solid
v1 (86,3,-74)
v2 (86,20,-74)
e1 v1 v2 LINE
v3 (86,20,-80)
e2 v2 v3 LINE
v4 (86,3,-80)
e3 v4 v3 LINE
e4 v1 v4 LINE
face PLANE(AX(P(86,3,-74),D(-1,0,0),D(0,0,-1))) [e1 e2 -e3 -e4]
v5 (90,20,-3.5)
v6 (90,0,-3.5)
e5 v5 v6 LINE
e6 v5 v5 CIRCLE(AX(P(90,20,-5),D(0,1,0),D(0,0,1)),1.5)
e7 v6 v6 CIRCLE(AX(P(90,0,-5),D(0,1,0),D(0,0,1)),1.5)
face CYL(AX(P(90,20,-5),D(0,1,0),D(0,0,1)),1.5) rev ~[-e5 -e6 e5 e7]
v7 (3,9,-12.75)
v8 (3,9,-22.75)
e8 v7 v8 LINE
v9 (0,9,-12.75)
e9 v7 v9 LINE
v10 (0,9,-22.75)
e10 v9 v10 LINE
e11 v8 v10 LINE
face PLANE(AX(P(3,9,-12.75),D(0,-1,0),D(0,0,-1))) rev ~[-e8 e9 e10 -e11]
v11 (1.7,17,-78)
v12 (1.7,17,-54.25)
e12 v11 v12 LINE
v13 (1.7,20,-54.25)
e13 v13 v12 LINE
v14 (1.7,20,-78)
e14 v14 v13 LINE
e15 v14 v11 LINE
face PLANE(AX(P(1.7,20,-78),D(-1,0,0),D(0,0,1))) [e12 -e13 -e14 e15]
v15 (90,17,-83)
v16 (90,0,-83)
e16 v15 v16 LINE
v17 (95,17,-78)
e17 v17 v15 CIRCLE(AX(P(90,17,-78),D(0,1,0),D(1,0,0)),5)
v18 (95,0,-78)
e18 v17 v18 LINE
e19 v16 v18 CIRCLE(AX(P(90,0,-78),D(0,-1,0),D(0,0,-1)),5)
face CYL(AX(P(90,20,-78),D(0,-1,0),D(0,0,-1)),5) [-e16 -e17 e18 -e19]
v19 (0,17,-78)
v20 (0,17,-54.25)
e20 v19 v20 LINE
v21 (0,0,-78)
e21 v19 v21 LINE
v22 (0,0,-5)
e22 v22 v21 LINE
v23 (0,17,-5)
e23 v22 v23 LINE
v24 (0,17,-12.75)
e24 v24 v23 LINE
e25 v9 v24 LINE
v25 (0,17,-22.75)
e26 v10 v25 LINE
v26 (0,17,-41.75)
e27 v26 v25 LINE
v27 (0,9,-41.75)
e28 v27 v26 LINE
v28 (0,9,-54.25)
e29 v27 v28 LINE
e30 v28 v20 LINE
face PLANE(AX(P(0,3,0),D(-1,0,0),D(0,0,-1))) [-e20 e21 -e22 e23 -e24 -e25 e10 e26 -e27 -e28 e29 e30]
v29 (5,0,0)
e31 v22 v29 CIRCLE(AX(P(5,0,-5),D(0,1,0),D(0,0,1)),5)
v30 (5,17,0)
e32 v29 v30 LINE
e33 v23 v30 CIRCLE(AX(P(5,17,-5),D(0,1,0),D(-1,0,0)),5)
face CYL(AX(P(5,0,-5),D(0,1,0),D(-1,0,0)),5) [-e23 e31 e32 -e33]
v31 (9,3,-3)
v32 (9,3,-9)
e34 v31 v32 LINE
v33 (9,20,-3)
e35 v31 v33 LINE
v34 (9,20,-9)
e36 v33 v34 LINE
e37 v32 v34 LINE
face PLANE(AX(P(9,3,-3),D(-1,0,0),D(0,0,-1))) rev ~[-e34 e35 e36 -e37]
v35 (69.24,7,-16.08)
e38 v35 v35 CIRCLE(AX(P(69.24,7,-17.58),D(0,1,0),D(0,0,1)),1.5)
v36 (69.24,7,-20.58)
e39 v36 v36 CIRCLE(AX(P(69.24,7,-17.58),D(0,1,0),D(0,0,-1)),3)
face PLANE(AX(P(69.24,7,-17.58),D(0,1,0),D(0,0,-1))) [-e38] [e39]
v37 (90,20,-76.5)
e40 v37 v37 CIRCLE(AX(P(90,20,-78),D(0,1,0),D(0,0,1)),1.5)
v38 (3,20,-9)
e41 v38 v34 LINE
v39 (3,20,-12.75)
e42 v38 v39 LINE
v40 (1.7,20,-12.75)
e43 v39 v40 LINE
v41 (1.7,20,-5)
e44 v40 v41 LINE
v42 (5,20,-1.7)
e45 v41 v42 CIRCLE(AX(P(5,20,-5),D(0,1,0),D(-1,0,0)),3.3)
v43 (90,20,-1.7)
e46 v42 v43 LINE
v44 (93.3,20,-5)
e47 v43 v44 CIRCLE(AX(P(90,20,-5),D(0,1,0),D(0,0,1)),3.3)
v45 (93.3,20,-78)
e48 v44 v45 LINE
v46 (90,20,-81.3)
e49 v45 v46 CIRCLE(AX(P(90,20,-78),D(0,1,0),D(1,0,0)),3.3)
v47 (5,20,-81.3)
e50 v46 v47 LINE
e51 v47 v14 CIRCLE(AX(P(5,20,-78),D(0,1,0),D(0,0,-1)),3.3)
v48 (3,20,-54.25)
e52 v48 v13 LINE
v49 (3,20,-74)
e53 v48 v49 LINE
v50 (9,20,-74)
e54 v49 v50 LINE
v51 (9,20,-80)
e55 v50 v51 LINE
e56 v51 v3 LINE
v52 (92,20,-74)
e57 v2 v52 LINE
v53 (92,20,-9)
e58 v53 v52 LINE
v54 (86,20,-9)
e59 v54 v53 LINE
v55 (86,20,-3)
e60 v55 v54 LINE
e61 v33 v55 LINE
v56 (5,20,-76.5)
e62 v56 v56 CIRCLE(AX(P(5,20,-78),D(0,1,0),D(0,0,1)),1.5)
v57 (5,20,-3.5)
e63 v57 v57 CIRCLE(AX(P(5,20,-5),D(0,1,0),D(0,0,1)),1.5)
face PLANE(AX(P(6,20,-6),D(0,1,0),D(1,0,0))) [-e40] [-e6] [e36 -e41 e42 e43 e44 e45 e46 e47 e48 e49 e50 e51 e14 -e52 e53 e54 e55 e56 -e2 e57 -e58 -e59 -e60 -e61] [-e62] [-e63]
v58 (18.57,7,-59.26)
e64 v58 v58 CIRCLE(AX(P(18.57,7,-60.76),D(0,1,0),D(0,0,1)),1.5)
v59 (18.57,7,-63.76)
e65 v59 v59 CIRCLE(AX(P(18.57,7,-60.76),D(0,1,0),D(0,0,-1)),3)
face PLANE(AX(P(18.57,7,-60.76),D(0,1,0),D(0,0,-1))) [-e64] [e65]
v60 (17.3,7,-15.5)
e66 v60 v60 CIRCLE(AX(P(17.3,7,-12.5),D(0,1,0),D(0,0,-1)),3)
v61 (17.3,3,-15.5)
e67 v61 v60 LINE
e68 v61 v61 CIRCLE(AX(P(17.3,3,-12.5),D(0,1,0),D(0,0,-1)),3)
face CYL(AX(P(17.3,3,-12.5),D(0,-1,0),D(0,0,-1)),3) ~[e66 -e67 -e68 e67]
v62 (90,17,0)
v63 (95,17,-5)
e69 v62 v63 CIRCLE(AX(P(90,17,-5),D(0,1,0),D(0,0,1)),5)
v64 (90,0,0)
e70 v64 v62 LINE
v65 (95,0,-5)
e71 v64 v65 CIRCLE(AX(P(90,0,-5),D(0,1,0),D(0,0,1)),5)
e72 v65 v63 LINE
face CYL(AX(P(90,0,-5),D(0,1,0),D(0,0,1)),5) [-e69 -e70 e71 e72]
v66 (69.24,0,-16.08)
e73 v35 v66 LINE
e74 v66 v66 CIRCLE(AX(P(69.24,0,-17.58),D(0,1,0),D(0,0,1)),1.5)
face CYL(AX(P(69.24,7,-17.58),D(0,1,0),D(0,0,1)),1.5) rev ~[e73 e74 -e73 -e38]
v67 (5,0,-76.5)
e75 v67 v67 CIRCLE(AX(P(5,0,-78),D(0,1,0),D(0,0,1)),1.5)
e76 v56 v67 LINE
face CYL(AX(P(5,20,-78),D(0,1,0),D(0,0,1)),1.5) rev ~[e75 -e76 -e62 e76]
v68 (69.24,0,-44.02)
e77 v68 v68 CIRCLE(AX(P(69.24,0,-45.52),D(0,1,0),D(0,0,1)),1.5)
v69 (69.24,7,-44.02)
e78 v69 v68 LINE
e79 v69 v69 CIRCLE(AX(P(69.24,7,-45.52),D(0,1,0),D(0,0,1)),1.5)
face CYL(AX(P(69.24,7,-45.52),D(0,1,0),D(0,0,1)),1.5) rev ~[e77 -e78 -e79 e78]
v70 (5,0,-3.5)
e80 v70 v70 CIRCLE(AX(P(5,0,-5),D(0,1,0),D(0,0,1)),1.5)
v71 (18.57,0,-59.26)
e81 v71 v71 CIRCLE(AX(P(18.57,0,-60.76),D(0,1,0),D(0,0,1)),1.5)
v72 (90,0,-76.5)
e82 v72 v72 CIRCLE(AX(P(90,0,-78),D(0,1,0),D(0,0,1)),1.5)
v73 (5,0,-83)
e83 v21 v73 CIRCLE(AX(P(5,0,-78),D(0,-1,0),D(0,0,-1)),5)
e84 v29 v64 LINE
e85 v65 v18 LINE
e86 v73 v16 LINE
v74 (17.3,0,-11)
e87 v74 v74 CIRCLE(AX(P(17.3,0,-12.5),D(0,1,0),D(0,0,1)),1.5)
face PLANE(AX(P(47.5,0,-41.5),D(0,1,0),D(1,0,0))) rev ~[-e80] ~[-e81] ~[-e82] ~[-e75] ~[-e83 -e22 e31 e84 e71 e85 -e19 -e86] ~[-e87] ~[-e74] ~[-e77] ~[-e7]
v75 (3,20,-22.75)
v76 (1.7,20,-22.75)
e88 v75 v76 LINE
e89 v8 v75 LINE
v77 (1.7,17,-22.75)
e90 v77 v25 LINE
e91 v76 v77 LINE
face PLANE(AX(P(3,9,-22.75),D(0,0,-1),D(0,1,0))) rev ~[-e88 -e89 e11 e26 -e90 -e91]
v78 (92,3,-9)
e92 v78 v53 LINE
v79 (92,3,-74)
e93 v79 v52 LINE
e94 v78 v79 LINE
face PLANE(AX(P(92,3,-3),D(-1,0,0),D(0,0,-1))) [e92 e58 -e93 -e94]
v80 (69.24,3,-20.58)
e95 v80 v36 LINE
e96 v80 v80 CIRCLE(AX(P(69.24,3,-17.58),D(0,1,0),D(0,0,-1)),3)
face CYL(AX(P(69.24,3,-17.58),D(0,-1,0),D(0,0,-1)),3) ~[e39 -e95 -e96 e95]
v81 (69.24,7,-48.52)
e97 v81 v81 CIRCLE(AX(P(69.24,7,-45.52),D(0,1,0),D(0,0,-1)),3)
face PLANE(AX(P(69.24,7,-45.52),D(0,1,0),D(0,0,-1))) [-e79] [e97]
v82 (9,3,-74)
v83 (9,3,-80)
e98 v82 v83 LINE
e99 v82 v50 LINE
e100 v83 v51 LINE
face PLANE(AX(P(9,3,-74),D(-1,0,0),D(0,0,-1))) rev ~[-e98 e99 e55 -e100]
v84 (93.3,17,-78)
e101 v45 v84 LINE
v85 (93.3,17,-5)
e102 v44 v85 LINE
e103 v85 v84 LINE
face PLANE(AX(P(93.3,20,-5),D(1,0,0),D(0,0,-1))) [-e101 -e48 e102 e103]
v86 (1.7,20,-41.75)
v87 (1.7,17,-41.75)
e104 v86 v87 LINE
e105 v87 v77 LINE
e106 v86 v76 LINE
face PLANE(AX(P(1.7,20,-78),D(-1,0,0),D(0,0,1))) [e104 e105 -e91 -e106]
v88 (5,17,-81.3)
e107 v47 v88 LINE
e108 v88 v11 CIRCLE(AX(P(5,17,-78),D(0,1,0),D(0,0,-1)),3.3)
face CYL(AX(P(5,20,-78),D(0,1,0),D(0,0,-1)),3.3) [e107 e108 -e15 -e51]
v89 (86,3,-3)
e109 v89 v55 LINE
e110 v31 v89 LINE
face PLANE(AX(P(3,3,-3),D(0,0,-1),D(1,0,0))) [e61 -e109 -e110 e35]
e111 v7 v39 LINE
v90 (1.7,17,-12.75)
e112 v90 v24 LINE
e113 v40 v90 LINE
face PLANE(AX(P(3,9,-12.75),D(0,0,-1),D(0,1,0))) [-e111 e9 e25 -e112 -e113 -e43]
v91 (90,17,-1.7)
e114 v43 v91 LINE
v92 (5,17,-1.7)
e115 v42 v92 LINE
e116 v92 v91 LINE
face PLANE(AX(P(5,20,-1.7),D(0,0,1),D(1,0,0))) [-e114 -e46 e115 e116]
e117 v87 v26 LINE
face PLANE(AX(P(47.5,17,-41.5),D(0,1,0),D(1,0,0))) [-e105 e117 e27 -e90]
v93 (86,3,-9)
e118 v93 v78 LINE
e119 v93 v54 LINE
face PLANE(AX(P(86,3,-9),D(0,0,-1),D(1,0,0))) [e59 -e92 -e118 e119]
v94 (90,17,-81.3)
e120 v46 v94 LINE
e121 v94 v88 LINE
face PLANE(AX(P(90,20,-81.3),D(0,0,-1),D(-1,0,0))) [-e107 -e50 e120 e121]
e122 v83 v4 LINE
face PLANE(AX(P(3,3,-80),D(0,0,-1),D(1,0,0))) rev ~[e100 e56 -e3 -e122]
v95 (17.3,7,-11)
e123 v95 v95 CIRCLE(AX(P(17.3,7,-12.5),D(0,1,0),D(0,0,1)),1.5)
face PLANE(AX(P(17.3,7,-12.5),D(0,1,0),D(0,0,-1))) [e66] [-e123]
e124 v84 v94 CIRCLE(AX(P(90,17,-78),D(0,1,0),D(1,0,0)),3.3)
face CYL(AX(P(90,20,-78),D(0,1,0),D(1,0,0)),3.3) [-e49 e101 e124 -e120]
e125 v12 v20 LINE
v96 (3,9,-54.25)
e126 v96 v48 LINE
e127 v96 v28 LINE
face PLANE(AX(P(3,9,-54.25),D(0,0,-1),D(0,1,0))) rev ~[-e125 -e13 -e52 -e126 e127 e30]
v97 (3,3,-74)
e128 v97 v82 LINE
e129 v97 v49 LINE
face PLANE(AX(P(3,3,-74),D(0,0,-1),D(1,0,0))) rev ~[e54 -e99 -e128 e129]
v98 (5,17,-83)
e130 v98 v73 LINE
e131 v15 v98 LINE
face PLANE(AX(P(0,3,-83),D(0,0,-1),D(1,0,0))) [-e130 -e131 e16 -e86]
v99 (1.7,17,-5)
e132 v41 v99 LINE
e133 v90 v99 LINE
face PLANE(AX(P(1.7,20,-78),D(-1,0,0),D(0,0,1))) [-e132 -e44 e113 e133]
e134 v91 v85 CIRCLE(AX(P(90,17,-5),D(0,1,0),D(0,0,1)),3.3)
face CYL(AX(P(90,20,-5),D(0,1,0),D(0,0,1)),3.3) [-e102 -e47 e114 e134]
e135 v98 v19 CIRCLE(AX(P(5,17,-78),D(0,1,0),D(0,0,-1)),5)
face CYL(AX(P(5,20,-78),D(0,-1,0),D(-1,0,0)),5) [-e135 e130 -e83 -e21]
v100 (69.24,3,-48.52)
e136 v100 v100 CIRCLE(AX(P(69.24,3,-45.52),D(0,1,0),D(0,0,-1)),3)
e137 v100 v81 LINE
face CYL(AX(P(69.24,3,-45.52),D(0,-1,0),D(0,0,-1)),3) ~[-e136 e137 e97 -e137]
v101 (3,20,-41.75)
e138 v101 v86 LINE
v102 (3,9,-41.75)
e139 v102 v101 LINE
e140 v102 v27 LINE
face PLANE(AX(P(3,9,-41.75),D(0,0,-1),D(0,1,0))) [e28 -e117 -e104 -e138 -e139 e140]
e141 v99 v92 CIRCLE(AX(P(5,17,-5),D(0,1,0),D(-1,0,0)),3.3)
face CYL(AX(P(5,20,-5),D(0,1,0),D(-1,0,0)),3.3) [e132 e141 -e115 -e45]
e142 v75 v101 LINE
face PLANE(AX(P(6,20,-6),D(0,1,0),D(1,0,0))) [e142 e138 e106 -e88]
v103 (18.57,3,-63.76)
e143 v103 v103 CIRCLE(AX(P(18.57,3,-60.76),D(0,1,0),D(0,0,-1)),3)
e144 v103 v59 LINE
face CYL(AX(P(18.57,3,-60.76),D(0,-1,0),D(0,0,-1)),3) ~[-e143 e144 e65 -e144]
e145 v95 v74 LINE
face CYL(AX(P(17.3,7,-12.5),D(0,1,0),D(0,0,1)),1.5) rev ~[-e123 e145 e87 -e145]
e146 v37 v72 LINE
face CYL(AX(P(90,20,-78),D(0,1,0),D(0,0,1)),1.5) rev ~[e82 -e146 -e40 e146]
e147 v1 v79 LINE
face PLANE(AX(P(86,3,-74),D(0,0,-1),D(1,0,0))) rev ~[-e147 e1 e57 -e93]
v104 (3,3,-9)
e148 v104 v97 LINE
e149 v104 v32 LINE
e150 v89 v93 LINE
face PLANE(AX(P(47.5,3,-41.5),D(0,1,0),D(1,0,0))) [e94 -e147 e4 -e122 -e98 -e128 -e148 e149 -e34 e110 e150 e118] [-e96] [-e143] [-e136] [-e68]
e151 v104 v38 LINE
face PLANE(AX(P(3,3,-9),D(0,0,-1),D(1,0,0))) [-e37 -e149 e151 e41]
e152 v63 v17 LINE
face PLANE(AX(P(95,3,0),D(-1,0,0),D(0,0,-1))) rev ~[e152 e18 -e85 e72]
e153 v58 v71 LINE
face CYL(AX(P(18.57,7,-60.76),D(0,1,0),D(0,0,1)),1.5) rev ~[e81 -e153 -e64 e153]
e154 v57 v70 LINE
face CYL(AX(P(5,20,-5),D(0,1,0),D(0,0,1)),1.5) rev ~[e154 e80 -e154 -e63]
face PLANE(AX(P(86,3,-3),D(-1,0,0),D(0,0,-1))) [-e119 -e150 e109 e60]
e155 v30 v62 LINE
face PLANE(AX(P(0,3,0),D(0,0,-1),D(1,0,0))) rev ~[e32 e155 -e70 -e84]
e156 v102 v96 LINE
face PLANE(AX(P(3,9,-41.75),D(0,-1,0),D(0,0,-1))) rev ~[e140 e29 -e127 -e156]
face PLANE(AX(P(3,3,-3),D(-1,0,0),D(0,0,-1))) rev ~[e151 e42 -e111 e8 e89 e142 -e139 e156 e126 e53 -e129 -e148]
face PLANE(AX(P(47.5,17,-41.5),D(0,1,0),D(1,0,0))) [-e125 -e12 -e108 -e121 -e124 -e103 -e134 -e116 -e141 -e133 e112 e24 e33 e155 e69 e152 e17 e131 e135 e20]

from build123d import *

# Parameters (mm, degrees)
SKETCH1_W           = 95
SKETCH1_H           = 83
BOSS_EXTRUDE1_DEPTH = 3
SKETCH2_W           = 95
SKETCH2_H           = 83
SKETCH2_W_2         = 89
SKETCH2_H_2         = 77
BOSS_EXTRUDE2_DEPTH = 17
SKETCH4_R           = 3
BOSS_EXTRUDE3_DEPTH = 4
SKETCH5_R           = 1.5
CUT_EXTRUDE2_DEPTH  = 7
SKETCH6_W           = 6
SKETCH6_H           = 6
BOSS_EXTRUDE4_DEPTH = 17
SKETCH7_R           = 1.5
CUT_EXTRUDE3_DEPTH  = 20
FILLET4_R           = 5
CUT_EXTRUDE4_DEPTH  = 3
CUT_EXTRUDE1_REACH  = 127.511
SKETCH3_W           = 10
SKETCH3_H           = 11
SKETCH3_W_2         = 12.5


with BuildPart() as part:
    # Sketch1 → Boss-Extrude1 (new body)
    with BuildSketch(Plane(origin=(0, 0, 0), x_dir=(1, 0, 0), z_dir=(0, 1, 0))):
        with Locations((47.5, 41.5)):
            Rectangle(SKETCH1_W, SKETCH1_H)
    extrude(amount=BOSS_EXTRUDE1_DEPTH)

    # Sketch2 → Boss-Extrude2 (add)
    with BuildSketch(Plane(origin=(0, 3, 0), x_dir=(1, 0, 0), z_dir=(0, 1, 0))):
        with Locations((47.5, 41.5)):
            Rectangle(SKETCH2_W, SKETCH2_H)
        with Locations((47.5, 41.5)):
            Rectangle(SKETCH2_W_2, SKETCH2_H_2, mode=Mode.SUBTRACT)
    extrude(amount=BOSS_EXTRUDE2_DEPTH)

    # Sketch4 → Boss-Extrude3 (add)
    with BuildSketch(Plane(origin=(0, 3, 0), x_dir=(1, 0, 0), z_dir=(0, 1, 0))):
        with Locations(Location((17.3, 12.5, 0), (0, 0, 90))):
            Circle(SKETCH4_R)
        with Locations(Location((18.57, 60.76, 0), (0, 0, 90))):
            Circle(SKETCH4_R)
        with Locations(Location((69.24, 45.52, 0), (0, 0, 90))):
            Circle(SKETCH4_R)
        with Locations(Location((69.24, 17.58, 0), (0, 0, 90))):
            Circle(SKETCH4_R)
    extrude(amount=BOSS_EXTRUDE3_DEPTH)

    # Sketch5 → Cut-Extrude2 (cut)
    with BuildSketch(Plane(origin=(0, 7, 0), x_dir=(1, 0, 0), z_dir=(0, 1, 0))):
        with Locations(Location((18.57, 60.76, 0), (0, 0, 270))):
            Circle(SKETCH5_R)
        with Locations(Location((69.24, 45.52, 0), (0, 0, 270))):
            Circle(SKETCH5_R)
        with Locations(Location((69.24, 17.58, 0), (0, 0, 270))):
            Circle(SKETCH5_R)
        with Locations(Location((17.3, 12.5, 0), (0, 0, 270))):
            Circle(SKETCH5_R)
    extrude(amount=-CUT_EXTRUDE2_DEPTH, mode=Mode.SUBTRACT)

    # Sketch6 → Boss-Extrude4 (add)
    with BuildSketch(Plane(origin=(0, 3, 0), x_dir=(1, 0, 0), z_dir=(0, 1, 0))):
        with Locations((6, 6)):
            Rectangle(SKETCH6_W, SKETCH6_H)
        with Locations((89, 6)):
            Rectangle(SKETCH6_W, SKETCH6_H)
        with Locations((89, 77)):
            Rectangle(SKETCH6_W, SKETCH6_H)
        with Locations((6, 77)):
            Rectangle(SKETCH6_W, SKETCH6_H)
    extrude(amount=BOSS_EXTRUDE4_DEPTH)

    # Sketch7 → Cut-Extrude3 (cut)
    with BuildSketch(Plane(origin=(0, 20, 0), x_dir=(1, 0, 0), z_dir=(0, 1, 0))):
        with Locations(Location((5, 5, 0), (0, 0, 270))):
            Circle(SKETCH7_R)
        with Locations(Location((90, 5, 0), (0, 0, 270))):
            Circle(SKETCH7_R)
        with Locations(Location((90, 78, 0), (0, 0, 270))):
            Circle(SKETCH7_R)
        with Locations(Location((5, 78, 0), (0, 0, 270))):
            Circle(SKETCH7_R)
    extrude(amount=-CUT_EXTRUDE3_DEPTH, mode=Mode.SUBTRACT)

    # Fillet4
    fillet4_edges = [part.edges().sort_by_distance(p)[0] for p in [
        (0, 10, -83),
        (95, 10, -83),
        (95, 10, 0),
        (0, 10, 0),
    ]]
    fillet(fillet4_edges, radius=FILLET4_R)

    # Sketch9 → Cut-Extrude4 (cut)
    with BuildSketch(Plane(origin=(0, 20, 0), x_dir=(1, 0, 0), z_dir=(0, 1, 0))):
        with BuildLine():
            Line((95, 5), (95, 78))
            ThreePointArc((95, 78), (93.535533906, 81.535533906), (90, 83))
            Line((90, 83), (5, 83))
            ThreePointArc((5, 83), (1.464466094, 81.535533906), (0, 78))
            Line((0, 78), (0, 5))
            ThreePointArc((0, 5), (1.464466094, 1.464466094), (5, 0))
            Line((5, 0), (90, 0))
            ThreePointArc((90, 0), (93.535533906, 1.464466094), (95, 5))
        make_face()
        with BuildLine():
            Line((93.3, 5), (93.3, 78))
            ThreePointArc((93.3, 78), (92.333452378, 80.333452378), (90, 81.3))
            Line((90, 81.3), (5, 81.3))
            ThreePointArc((5, 81.3), (2.666547622, 80.333452378), (1.7, 78))
            Line((1.7, 78), (1.7, 5))
            ThreePointArc((1.7, 5), (2.666547622, 2.666547622), (5, 1.7))
            Line((5, 1.7), (90, 1.7))
            ThreePointArc((90, 1.7), (92.333452378, 2.666547622), (93.3, 5))
        make_face(mode=Mode.SUBTRACT)
    extrude(amount=-CUT_EXTRUDE4_DEPTH, mode=Mode.SUBTRACT)

    # Cut-Extrude1: up to this face of the body (flat: up to its plane)
    cut_extrude1_end = Plane(part.part.faces().sort_by_distance((0, 8.5, -41.5))[0])
    # Sketch3 → Cut-Extrude1 (cut, up to the picked face)
    with BuildSketch(Plane(origin=(3, 0, 0), x_dir=(0, 0, -1), z_dir=(1, 0, 0)), mode=Mode.PRIVATE) as cut_extrude1_sk1:
        with Locations((17.75, 14.5)):
            Rectangle(SKETCH3_W, SKETCH3_H)
    cut_extrude1_tool1 = split(extrude(cut_extrude1_sk1.sketch, amount=-CUT_EXTRUDE1_REACH, mode=Mode.PRIVATE), bisect_by=cut_extrude1_end, keep=Keep.BOTH, mode=Mode.PRIVATE)
    # Sketch3 → Cut-Extrude1 (cut, up to the picked face)
    with BuildSketch(Plane(origin=(3, 0, 0), x_dir=(0, 0, -1), z_dir=(1, 0, 0)), mode=Mode.PRIVATE) as cut_extrude1_sk2:
        with Locations((48, 14.5)):
            Rectangle(SKETCH3_W_2, SKETCH3_H)
    cut_extrude1_tool2 = split(extrude(cut_extrude1_sk2.sketch, amount=-CUT_EXTRUDE1_REACH, mode=Mode.PRIVATE), bisect_by=cut_extrude1_end, keep=Keep.BOTH, mode=Mode.PRIVATE)
    add(cut_extrude1_tool1.solids().sort_by(Axis((3, 14.5, -17.75), (-1, 0, 0)))[0], mode=Mode.SUBTRACT)
    add(cut_extrude1_tool2.solids().sort_by(Axis((3, 14.5, -48), (-1, 0, 0)))[0], mode=Mode.SUBTRACT)


solid = part.part
